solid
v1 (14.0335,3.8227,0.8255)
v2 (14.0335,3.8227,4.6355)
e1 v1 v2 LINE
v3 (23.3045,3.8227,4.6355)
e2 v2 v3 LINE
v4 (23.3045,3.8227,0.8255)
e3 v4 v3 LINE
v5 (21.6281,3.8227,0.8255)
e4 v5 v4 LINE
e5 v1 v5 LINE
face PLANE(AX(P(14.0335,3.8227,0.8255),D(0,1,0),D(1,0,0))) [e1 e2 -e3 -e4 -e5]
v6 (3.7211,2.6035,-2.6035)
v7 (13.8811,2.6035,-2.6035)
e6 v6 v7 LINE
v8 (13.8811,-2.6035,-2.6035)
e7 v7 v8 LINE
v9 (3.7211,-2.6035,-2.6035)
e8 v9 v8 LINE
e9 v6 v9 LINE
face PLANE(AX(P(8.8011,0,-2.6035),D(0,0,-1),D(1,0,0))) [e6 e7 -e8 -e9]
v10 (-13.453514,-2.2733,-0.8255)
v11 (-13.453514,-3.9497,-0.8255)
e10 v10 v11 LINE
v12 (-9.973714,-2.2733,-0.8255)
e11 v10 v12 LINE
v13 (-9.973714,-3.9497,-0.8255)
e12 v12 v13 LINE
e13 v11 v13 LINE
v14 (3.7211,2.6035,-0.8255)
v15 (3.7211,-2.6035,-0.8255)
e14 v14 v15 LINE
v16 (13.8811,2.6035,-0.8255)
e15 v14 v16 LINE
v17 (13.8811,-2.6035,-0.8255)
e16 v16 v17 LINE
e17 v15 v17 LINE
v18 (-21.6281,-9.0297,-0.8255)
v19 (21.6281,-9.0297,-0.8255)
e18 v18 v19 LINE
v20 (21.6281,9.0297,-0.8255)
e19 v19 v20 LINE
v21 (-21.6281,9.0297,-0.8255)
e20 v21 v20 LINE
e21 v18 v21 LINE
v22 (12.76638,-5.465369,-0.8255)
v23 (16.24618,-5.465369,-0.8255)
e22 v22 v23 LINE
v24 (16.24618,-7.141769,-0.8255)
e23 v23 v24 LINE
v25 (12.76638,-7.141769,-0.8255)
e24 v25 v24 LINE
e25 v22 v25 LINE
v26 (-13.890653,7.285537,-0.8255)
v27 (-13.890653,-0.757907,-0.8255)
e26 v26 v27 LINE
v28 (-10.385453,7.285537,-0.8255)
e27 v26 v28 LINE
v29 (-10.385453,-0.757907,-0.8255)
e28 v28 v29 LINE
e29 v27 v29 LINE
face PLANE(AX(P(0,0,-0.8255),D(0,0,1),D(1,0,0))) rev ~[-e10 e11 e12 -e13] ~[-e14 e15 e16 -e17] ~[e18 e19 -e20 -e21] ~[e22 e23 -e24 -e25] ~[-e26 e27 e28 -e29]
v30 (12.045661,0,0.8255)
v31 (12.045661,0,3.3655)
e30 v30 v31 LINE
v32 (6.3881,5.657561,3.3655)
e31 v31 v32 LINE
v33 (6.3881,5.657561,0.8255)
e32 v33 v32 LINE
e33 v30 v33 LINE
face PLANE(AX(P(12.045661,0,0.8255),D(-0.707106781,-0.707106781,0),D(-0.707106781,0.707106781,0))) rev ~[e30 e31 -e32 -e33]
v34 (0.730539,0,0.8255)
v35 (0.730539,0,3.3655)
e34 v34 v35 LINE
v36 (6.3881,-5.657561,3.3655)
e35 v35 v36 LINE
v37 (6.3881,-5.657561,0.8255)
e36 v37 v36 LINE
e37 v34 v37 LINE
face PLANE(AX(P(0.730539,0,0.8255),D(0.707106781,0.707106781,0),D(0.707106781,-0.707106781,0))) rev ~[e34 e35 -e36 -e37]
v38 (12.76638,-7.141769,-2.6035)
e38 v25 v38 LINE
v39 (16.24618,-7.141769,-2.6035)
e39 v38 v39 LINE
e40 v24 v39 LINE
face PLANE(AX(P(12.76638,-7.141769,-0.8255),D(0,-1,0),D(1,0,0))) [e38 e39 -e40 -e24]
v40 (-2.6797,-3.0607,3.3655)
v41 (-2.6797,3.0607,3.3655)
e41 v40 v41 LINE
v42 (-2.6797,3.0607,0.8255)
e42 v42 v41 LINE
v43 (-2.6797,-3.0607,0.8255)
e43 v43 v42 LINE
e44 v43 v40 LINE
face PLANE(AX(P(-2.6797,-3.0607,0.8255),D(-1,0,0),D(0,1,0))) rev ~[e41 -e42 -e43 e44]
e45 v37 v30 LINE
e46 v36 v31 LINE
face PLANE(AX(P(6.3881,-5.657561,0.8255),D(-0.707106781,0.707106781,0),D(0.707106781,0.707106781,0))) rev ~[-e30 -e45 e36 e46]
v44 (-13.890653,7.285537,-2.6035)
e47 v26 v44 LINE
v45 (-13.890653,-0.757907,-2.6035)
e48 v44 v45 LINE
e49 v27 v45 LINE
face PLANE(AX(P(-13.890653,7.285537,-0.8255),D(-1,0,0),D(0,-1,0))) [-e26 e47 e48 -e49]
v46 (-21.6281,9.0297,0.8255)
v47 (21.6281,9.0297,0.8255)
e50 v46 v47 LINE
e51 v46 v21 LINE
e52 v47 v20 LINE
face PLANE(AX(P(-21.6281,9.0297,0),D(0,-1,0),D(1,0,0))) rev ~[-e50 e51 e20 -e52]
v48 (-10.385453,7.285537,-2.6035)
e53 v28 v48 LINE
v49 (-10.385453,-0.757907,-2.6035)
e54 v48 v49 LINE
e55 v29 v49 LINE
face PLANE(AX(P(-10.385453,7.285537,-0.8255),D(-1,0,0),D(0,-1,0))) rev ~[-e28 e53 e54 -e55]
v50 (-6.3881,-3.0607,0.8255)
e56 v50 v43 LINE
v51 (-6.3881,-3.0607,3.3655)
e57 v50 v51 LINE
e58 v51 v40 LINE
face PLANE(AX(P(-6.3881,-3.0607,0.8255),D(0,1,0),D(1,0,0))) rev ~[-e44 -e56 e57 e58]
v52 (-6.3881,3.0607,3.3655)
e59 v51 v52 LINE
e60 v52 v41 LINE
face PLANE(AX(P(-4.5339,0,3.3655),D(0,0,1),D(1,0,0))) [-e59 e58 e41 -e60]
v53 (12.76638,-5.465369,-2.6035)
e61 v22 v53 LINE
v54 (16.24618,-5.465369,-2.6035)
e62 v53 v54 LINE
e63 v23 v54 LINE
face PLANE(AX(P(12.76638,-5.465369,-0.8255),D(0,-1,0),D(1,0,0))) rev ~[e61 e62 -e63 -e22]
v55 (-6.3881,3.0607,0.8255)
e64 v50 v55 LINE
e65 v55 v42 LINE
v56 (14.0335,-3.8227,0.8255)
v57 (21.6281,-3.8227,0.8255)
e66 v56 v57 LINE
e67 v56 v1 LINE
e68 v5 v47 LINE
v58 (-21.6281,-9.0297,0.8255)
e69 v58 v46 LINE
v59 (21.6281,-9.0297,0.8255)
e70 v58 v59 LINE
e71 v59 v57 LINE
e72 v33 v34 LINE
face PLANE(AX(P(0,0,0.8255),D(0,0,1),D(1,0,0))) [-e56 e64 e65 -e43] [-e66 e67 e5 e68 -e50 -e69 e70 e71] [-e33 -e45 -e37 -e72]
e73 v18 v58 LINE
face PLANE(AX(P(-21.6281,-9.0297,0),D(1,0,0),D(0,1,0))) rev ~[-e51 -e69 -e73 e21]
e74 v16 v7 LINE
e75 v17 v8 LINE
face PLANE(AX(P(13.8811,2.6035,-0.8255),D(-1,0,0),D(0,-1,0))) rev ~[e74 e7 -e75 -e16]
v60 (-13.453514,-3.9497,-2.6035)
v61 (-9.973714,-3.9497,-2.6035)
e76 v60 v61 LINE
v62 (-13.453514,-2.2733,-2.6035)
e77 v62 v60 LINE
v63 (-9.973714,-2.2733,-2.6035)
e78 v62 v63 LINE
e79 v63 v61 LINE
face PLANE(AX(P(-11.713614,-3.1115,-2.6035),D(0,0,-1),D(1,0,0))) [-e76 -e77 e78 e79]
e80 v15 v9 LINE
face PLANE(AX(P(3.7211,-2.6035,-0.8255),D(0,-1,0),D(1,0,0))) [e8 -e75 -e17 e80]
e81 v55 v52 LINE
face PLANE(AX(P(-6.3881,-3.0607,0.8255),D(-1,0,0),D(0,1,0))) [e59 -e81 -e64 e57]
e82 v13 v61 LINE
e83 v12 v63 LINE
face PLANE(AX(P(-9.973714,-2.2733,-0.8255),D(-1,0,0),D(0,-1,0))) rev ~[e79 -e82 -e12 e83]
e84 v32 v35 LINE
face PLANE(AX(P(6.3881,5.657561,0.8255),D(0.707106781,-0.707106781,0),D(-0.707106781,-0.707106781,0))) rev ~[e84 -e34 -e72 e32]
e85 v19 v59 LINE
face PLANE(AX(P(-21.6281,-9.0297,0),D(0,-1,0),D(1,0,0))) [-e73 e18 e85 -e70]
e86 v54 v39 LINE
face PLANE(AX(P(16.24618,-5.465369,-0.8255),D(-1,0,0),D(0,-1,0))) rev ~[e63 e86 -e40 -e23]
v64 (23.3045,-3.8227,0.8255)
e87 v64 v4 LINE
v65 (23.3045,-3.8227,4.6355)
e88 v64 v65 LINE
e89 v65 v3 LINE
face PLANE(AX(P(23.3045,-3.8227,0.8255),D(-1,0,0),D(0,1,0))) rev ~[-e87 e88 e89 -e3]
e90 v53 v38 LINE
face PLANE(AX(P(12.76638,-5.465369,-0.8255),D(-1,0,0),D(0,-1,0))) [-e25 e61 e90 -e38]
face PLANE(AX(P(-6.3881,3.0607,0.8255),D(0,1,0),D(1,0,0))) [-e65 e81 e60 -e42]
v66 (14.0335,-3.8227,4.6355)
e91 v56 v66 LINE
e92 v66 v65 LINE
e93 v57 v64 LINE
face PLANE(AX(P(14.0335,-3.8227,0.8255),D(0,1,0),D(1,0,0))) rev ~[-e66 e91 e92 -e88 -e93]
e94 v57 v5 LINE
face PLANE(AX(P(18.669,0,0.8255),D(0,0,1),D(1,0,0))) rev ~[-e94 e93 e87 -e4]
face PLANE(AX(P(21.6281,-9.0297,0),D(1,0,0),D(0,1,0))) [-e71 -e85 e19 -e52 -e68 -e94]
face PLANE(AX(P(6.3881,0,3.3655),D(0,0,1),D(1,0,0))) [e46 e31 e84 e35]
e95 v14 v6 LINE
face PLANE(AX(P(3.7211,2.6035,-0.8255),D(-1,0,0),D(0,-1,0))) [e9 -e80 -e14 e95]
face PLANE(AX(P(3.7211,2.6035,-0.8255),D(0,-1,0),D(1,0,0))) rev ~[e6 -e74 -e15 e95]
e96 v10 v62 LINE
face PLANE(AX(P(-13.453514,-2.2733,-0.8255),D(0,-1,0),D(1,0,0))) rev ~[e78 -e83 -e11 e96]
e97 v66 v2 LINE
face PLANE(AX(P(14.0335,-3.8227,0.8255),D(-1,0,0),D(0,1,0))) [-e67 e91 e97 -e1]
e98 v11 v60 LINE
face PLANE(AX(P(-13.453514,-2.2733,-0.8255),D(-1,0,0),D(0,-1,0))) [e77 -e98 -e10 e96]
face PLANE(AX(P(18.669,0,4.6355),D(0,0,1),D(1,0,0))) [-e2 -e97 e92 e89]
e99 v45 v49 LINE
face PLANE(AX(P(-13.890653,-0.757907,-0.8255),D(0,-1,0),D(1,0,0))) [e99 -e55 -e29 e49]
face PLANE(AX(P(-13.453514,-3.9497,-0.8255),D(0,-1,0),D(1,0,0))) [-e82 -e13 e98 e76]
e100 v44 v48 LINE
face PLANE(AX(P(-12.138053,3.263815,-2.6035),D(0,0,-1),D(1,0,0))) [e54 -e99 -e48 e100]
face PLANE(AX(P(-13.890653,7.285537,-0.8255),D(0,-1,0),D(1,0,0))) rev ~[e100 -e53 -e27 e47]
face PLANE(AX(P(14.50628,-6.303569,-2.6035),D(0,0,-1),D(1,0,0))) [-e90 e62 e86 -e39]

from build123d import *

# Parameters (mm, degrees)
F0_W     = 43.2562
F0_H     = 18.0594
F1_DEPTH = 0.8255
F2_W     = 9.271
F2_H     = 7.6454
F3_DEPTH = 3.81
F4_W     = 3.7084
F4_H     = 6.1214
F5_DEPTH = 2.54
F6_W     = 10.16
F6_H     = 5.207
F6_W_2   = 3.4798
F6_H_2   = 1.6764
F6_W_3   = 3.5052
F6_H_3   = 8.043443
F7_DEPTH = 1.778


with BuildPart() as f1:
    # F0 (on Top) → F1 (new body, symmetric)
    with BuildSketch(Plane.XY):
        Rectangle(F0_W, F0_H)
    extrude(amount=F1_DEPTH, both=True)

    # F2 (on face) → F3 (join)
    with BuildSketch(Plane.XY.offset(0.8255)):
        with Locations((18.669, 0)):
            Rectangle(F2_W, F2_H)
    extrude(amount=F3_DEPTH)

    # F4 (on face) → F5 (join)
    with BuildSketch(Plane.XY.offset(0.8255)):
        with Locations((-4.5339, 0)):
            Rectangle(F4_W, F4_H)
        Polygon((12.045661, 0), (6.3881, 5.657561), (0.730539, 0), (6.3881, -5.657561), align=None)
    extrude(amount=F5_DEPTH)

    # F6 (on face) → F7 (join)
    with BuildSketch(Plane(origin=(0, 0, -0.8255), x_dir=(1, 0, 0), z_dir=(0, 0, -1))):
        with Locations((8.8011, 0)):
            Rectangle(F6_W, F6_H)
        with Locations((14.50628, 6.303569)):
            Rectangle(F6_W_2, F6_H_2)
        with Locations((-12.138053, -3.263815)):
            Rectangle(F6_W_3, F6_H_3)
        with Locations((-11.713614, 3.1115)):
            Rectangle(F6_W_2, F6_H_2)
    extrude(amount=F7_DEPTH)


solid = f1.part
